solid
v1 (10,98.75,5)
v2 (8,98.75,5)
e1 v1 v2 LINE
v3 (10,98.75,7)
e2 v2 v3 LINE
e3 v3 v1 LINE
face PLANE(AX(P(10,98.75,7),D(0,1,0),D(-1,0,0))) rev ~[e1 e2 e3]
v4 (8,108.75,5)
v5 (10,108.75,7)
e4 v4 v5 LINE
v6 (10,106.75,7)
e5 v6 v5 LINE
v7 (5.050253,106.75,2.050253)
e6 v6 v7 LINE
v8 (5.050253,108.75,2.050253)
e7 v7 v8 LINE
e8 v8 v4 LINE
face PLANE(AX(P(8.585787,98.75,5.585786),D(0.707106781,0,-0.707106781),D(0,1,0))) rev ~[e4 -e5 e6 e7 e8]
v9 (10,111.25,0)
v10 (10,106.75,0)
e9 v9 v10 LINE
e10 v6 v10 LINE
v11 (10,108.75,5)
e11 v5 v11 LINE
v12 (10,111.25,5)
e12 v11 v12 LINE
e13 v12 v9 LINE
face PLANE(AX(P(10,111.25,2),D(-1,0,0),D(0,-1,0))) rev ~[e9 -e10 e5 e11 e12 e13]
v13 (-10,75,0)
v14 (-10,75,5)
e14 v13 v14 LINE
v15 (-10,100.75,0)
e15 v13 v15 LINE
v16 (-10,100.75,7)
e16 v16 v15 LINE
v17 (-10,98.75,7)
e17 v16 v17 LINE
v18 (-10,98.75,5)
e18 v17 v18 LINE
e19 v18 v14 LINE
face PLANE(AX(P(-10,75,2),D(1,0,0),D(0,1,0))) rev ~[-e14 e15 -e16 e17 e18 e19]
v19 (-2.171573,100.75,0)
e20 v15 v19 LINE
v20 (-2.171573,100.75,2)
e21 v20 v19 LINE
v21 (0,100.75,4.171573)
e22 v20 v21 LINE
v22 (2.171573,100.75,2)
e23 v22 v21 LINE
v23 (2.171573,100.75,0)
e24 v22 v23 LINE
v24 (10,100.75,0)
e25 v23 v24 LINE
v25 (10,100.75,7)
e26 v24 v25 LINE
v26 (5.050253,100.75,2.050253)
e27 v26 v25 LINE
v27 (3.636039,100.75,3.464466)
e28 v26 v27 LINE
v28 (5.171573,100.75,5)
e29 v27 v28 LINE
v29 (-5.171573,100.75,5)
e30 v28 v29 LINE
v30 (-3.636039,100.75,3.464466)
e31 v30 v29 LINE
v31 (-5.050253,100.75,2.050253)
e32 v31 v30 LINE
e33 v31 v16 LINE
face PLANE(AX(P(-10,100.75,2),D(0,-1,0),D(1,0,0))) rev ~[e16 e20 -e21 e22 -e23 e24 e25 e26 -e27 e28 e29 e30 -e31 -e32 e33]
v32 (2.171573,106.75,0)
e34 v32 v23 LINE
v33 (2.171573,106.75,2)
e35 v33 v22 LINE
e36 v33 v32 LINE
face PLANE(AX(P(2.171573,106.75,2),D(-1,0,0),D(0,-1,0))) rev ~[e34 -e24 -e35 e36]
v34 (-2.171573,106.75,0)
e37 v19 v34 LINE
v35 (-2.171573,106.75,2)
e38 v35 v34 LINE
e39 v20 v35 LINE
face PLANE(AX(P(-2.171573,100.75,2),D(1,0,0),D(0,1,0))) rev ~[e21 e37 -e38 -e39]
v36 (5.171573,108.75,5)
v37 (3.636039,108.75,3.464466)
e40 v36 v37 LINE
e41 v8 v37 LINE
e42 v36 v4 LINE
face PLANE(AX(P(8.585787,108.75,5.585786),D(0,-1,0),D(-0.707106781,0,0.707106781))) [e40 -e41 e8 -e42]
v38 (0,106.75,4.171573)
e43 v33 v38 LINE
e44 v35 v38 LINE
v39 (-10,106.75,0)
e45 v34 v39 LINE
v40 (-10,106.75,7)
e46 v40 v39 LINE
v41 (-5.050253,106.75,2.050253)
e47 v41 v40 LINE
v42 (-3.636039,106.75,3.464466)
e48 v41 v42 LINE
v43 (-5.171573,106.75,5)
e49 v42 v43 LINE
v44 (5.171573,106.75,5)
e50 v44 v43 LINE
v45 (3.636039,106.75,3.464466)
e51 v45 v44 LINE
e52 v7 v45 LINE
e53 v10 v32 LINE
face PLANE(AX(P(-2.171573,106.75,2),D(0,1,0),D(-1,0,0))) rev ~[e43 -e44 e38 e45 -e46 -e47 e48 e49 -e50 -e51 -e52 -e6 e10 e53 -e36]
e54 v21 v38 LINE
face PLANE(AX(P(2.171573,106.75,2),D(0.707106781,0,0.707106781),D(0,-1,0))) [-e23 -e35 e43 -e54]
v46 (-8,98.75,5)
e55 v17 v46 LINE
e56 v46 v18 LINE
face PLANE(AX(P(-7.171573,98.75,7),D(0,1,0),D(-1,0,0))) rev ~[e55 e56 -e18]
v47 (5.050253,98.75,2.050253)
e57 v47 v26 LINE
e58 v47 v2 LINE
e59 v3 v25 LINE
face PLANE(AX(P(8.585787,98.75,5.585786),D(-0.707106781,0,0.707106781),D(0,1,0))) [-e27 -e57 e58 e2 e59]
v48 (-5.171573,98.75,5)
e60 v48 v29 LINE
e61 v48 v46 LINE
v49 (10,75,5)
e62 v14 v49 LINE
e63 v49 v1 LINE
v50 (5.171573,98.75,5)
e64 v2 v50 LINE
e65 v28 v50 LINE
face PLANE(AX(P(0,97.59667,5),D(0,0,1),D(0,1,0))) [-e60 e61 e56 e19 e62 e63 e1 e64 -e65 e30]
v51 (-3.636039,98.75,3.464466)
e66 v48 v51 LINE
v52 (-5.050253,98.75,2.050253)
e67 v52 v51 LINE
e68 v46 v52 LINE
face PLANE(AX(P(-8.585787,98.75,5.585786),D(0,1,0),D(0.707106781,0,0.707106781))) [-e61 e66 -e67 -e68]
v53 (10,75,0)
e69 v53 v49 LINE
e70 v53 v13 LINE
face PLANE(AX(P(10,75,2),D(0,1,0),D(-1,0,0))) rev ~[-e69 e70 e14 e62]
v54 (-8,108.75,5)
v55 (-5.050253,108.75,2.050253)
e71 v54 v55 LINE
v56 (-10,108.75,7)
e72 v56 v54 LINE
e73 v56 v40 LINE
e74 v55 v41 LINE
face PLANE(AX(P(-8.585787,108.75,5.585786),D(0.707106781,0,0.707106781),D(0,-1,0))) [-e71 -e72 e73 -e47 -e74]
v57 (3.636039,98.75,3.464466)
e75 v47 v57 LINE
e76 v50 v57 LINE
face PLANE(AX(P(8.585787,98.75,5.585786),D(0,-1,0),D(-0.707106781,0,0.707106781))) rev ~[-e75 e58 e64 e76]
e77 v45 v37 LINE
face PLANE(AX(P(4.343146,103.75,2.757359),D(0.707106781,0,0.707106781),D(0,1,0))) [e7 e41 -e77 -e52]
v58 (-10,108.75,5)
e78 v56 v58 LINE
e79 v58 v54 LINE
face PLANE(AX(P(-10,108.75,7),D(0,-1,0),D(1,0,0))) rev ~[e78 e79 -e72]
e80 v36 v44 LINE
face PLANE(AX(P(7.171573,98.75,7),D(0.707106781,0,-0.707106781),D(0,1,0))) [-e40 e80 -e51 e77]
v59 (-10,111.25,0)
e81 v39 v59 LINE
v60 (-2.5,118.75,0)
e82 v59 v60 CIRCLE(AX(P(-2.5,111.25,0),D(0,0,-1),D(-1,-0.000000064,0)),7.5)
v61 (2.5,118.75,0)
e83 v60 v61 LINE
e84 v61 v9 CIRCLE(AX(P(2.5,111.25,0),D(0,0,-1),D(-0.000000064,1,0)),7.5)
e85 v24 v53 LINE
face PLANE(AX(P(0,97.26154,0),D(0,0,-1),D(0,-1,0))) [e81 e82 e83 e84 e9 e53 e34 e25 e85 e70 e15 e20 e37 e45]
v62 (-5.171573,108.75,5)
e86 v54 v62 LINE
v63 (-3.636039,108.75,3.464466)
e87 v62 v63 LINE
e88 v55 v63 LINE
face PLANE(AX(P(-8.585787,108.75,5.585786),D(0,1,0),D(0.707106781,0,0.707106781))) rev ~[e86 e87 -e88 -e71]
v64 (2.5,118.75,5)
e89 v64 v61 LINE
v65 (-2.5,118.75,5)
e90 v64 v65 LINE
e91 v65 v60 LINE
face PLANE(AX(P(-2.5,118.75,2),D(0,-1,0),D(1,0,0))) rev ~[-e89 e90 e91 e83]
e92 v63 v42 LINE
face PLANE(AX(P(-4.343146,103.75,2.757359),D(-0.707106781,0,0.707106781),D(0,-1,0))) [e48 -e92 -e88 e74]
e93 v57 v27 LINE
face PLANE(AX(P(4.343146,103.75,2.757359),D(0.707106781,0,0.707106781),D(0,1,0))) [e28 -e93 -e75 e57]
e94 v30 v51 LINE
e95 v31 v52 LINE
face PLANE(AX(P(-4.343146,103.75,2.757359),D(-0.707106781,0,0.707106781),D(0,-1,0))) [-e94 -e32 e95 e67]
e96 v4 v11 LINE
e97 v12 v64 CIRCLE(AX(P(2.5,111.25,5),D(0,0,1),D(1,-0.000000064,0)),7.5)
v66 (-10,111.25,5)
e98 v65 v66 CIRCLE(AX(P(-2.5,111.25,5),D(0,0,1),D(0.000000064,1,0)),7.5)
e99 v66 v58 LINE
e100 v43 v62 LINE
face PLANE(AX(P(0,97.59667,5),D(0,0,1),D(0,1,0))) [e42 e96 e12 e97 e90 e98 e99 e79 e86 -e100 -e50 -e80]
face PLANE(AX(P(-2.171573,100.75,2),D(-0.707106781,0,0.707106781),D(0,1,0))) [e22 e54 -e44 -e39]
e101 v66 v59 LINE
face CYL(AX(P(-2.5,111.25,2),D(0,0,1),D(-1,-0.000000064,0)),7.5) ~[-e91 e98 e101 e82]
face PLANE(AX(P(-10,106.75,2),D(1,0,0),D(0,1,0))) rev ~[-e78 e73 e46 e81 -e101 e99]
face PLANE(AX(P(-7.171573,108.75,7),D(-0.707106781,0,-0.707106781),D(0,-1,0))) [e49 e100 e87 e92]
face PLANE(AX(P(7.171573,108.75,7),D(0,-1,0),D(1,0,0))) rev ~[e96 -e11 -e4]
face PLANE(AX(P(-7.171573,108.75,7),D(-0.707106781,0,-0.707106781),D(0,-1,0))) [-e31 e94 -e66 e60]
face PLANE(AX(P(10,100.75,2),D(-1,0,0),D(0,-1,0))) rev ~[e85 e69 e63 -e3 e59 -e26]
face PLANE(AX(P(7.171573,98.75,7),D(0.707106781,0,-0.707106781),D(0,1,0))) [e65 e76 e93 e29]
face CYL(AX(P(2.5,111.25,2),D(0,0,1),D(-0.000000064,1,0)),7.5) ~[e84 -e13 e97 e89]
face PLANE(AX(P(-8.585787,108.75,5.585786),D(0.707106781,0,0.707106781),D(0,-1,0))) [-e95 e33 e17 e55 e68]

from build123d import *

# Parameters (mm, degrees)
PAD330_DEPTH         = 5
POCKET338_DEPTH      = 3
POCKET338_DEPTH_BACK = 3
SKETCH686_W          = 10
SKETCH686_H          = 2
POCKET342_DEPTH      = 5
POCKET342_DEPTH_BACK = 2
SKETCH674_W          = 10
SKETCH674_H          = 2
POCKET337_DEPTH      = 5
POCKET337_DEPTH_BACK = 2
POCKET337_FACE20_W   = 6
POCKET337_FACE20_H   = 5
POCKET344_DEPTH      = 5
POCKET344_FACE26_W   = 6
POCKET344_FACE26_H   = 5
POCKET349_DEPTH      = 5
PAD331_DEPTH         = 2
POCKET343_DEPTH      = 2
POCKET343_FACE66_W   = 6
POCKET343_FACE66_H   = 2.071068
POCKET352_DEPTH      = 5
POCKET352_FACE38_W   = 6
POCKET352_FACE38_H   = 2.071068
POCKET345_DEPTH      = 5


with BuildPart() as part:
    # Sketch675 → Pad330 (new body)
    with BuildSketch(Plane.XY):
        with BuildLine():
            Line((-10, -28.75), (10, -28.75))
            Line((10, -28.75), (10, 7.5))
            ThreePointArc((10, 7.5), (7.803301, 12.803301), (2.5, 15))
            Line((2.5, 15), (-2.5, 15))
            ThreePointArc((-2.5, 15), (-7.803301, 12.803301), (-10, 7.5))
            Line((-10, 7.5), (-10, -28.75))
        make_face()
    extrude(amount=PAD330_DEPTH)

    # Sketch666 → Pocket338 (cut, two sides)
    with BuildSketch(Plane.XZ) as pocket338_sk:
        Polygon((-10, 0), (-10, 5), (-8.585786, 6.414214), (-2.171573, 0), (-5, 0), align=None)
        Polygon((10, 0), (10, 5), (8.585786, 6.414214), (2.171573, 0), (5, 0), align=None)
    extrude(amount=-POCKET338_DEPTH, mode=Mode.SUBTRACT)
    extrude(pocket338_sk.sketch, amount=POCKET338_DEPTH_BACK, mode=Mode.SUBTRACT)

    # Sketch686 (on DatumPlane) → Pocket342 (cut, two sides)
    with BuildSketch(Plane(origin=(-7.171573, 3, 5), x_dir=(0, -1, 0), z_dir=(-0.707107, 0, 0.707107))) as pocket342_sk:
        with Locations((3, -1)):
            Rectangle(SKETCH686_W, SKETCH686_H)
    extrude(amount=-POCKET342_DEPTH, mode=Mode.SUBTRACT)
    extrude(pocket342_sk.sketch, amount=POCKET342_DEPTH_BACK, mode=Mode.SUBTRACT)

    # Sketch674 (on DatumPlane) → Pocket337 (cut, two sides)
    with BuildSketch(Plane(origin=(7.171573, 3, 5), x_dir=(0, 1, 0), z_dir=(0.707107, 0, 0.707107))) as pocket337_sk:
        with Locations((-3, -1)):
            Rectangle(SKETCH674_W, SKETCH674_H)
    extrude(amount=-POCKET337_DEPTH, mode=Mode.SUBTRACT)
    extrude(pocket337_sk.sketch, amount=POCKET337_DEPTH_BACK, mode=Mode.SUBTRACT)

    # Pocket337 Face20 → Pocket344 (cut)
    with BuildSketch(Plane(origin=(-5.403806, 0, 3.232233), x_dir=(0, 1, 0), z_dir=(-0.707107, 0, -0.707107))):
        Rectangle(POCKET337_FACE20_W, POCKET337_FACE20_H)
    extrude(amount=-POCKET344_DEPTH, mode=Mode.SUBTRACT)

    # Pocket344 Face26 → Pocket349 (cut)
    with BuildSketch(Plane(origin=(5.403806, 0, 3.232233), x_dir=(0, -1, 0), z_dir=(0.707107, 0, -0.707107))):
        Rectangle(POCKET344_FACE26_W, POCKET344_FACE26_H)
    extrude(amount=-POCKET349_DEPTH, mode=Mode.SUBTRACT)

    # Pocket349 Face4 → Pad331 (add)
    with BuildSketch(Plane(origin=(0, -8.372552, 0), x_dir=(0, -1, 0), z_dir=(0, 0, -1))):
        with BuildLine():
            Line((20.377448, 10), (-5.372552, 10))
            Line((-5.372552, 10), (-5.372552, 5))
            Line((-5.372552, 5), (-5.372552, 2.171573))
            Line((-5.372552, 2.171573), (-11.372552, 2.171573))
            Line((-11.372552, 2.171573), (-11.372552, 5))
            Line((-11.372552, 5), (-11.372552, 10))
            Line((-11.372552, 10), (-15.872552, 10))
            ThreePointArc((-15.872552, 10), (-21.175853, 7.803301), (-23.372552, 2.5))
            Line((-23.372552, 2.5), (-23.372552, -2.5))
            ThreePointArc((-23.372552, -2.5), (-21.175853, -7.803301), (-15.872552, -10))
            Line((-15.872552, -10), (-11.372552, -10))
            Line((-11.372552, -10), (-11.372552, -5))
            Line((-11.372552, -5), (-11.372552, -2.171573))
            Line((-11.372552, -2.171573), (-5.372552, -2.171573))
            Line((-5.372552, -2.171573), (-5.372552, -5))
            Line((-5.372552, -5), (-5.372552, -10))
            Line((-5.372552, -10), (20.377448, -10))
            Line((20.377448, -10), (20.377448, 10))
        make_face()
    extrude(amount=PAD331_DEPTH)

    # Pad331 Face5 → Pocket343 (cut)
    with BuildSketch(Plane(origin=(0, -8.9329, 5), x_dir=(0, 1, 0), z_dir=(0, 0, 1))):
        with BuildLine():
            Line((11.9329, 0.100505), (5.9329, 0.100505))
            Line((5.9329, 0.100505), (5.9329, 7.171573))
            Line((5.9329, 7.171573), (3.9329, 7.171573))
            Line((3.9329, 7.171573), (3.9329, 10))
            Line((3.9329, 10), (-19.8171, 10))
            Line((-19.8171, 10), (-19.8171, -10))
            Line((-19.8171, -10), (3.9329, -10))
            Line((3.9329, -10), (3.9329, -7.171573))
            Line((3.9329, -7.171573), (5.9329, -7.171573))
            Line((5.9329, -7.171573), (5.9329, -0.100505))
            Line((5.9329, -0.100505), (11.9329, -0.100505))
            Line((11.9329, -0.100505), (11.9329, -7.171573))
            Line((11.9329, -7.171573), (13.9329, -7.171573))
            Line((13.9329, -7.171573), (13.9329, -10))
            Line((13.9329, -10), (16.4329, -10))
            ThreePointArc((16.4329, -10), (21.736201, -7.803301), (23.9329, -2.5))
            Line((23.9329, -2.5), (23.9329, 2.5))
            ThreePointArc((23.9329, 2.5), (21.736201, 7.803301), (16.4329, 10))
            Line((16.4329, 10), (13.9329, 10))
            Line((13.9329, 10), (13.9329, 7.171573))
            Line((13.9329, 7.171573), (11.9329, 7.171573))
            Line((11.9329, 7.171573), (11.9329, 0.100505))
        make_face()
    extrude(amount=-POCKET343_DEPTH, mode=Mode.SUBTRACT)

    # Pocket343 Face66 → Pocket352 (cut)
    with BuildSketch(Plane(origin=(-2.903806, 0, 0.732233), x_dir=(0, 1, 0), z_dir=(-0.707107, 0, -0.707107))):
        Rectangle(POCKET343_FACE66_W, POCKET343_FACE66_H)
    extrude(amount=-POCKET352_DEPTH, mode=Mode.SUBTRACT)

    # Pocket352 Face38 → Pocket345 (cut)
    with BuildSketch(Plane(origin=(2.903806, 0, 0.732233), x_dir=(0, -1, 0), z_dir=(0.707107, 0, -0.707107))):
        Rectangle(POCKET352_FACE38_W, POCKET352_FACE38_H)
    extrude(amount=-POCKET345_DEPTH, mode=Mode.SUBTRACT)


with BuildPart() as part_1:
    # Body211 placement: moved
    add(part.part.moved(Location((0, 103.75, 2))))


solid = part_1.part
